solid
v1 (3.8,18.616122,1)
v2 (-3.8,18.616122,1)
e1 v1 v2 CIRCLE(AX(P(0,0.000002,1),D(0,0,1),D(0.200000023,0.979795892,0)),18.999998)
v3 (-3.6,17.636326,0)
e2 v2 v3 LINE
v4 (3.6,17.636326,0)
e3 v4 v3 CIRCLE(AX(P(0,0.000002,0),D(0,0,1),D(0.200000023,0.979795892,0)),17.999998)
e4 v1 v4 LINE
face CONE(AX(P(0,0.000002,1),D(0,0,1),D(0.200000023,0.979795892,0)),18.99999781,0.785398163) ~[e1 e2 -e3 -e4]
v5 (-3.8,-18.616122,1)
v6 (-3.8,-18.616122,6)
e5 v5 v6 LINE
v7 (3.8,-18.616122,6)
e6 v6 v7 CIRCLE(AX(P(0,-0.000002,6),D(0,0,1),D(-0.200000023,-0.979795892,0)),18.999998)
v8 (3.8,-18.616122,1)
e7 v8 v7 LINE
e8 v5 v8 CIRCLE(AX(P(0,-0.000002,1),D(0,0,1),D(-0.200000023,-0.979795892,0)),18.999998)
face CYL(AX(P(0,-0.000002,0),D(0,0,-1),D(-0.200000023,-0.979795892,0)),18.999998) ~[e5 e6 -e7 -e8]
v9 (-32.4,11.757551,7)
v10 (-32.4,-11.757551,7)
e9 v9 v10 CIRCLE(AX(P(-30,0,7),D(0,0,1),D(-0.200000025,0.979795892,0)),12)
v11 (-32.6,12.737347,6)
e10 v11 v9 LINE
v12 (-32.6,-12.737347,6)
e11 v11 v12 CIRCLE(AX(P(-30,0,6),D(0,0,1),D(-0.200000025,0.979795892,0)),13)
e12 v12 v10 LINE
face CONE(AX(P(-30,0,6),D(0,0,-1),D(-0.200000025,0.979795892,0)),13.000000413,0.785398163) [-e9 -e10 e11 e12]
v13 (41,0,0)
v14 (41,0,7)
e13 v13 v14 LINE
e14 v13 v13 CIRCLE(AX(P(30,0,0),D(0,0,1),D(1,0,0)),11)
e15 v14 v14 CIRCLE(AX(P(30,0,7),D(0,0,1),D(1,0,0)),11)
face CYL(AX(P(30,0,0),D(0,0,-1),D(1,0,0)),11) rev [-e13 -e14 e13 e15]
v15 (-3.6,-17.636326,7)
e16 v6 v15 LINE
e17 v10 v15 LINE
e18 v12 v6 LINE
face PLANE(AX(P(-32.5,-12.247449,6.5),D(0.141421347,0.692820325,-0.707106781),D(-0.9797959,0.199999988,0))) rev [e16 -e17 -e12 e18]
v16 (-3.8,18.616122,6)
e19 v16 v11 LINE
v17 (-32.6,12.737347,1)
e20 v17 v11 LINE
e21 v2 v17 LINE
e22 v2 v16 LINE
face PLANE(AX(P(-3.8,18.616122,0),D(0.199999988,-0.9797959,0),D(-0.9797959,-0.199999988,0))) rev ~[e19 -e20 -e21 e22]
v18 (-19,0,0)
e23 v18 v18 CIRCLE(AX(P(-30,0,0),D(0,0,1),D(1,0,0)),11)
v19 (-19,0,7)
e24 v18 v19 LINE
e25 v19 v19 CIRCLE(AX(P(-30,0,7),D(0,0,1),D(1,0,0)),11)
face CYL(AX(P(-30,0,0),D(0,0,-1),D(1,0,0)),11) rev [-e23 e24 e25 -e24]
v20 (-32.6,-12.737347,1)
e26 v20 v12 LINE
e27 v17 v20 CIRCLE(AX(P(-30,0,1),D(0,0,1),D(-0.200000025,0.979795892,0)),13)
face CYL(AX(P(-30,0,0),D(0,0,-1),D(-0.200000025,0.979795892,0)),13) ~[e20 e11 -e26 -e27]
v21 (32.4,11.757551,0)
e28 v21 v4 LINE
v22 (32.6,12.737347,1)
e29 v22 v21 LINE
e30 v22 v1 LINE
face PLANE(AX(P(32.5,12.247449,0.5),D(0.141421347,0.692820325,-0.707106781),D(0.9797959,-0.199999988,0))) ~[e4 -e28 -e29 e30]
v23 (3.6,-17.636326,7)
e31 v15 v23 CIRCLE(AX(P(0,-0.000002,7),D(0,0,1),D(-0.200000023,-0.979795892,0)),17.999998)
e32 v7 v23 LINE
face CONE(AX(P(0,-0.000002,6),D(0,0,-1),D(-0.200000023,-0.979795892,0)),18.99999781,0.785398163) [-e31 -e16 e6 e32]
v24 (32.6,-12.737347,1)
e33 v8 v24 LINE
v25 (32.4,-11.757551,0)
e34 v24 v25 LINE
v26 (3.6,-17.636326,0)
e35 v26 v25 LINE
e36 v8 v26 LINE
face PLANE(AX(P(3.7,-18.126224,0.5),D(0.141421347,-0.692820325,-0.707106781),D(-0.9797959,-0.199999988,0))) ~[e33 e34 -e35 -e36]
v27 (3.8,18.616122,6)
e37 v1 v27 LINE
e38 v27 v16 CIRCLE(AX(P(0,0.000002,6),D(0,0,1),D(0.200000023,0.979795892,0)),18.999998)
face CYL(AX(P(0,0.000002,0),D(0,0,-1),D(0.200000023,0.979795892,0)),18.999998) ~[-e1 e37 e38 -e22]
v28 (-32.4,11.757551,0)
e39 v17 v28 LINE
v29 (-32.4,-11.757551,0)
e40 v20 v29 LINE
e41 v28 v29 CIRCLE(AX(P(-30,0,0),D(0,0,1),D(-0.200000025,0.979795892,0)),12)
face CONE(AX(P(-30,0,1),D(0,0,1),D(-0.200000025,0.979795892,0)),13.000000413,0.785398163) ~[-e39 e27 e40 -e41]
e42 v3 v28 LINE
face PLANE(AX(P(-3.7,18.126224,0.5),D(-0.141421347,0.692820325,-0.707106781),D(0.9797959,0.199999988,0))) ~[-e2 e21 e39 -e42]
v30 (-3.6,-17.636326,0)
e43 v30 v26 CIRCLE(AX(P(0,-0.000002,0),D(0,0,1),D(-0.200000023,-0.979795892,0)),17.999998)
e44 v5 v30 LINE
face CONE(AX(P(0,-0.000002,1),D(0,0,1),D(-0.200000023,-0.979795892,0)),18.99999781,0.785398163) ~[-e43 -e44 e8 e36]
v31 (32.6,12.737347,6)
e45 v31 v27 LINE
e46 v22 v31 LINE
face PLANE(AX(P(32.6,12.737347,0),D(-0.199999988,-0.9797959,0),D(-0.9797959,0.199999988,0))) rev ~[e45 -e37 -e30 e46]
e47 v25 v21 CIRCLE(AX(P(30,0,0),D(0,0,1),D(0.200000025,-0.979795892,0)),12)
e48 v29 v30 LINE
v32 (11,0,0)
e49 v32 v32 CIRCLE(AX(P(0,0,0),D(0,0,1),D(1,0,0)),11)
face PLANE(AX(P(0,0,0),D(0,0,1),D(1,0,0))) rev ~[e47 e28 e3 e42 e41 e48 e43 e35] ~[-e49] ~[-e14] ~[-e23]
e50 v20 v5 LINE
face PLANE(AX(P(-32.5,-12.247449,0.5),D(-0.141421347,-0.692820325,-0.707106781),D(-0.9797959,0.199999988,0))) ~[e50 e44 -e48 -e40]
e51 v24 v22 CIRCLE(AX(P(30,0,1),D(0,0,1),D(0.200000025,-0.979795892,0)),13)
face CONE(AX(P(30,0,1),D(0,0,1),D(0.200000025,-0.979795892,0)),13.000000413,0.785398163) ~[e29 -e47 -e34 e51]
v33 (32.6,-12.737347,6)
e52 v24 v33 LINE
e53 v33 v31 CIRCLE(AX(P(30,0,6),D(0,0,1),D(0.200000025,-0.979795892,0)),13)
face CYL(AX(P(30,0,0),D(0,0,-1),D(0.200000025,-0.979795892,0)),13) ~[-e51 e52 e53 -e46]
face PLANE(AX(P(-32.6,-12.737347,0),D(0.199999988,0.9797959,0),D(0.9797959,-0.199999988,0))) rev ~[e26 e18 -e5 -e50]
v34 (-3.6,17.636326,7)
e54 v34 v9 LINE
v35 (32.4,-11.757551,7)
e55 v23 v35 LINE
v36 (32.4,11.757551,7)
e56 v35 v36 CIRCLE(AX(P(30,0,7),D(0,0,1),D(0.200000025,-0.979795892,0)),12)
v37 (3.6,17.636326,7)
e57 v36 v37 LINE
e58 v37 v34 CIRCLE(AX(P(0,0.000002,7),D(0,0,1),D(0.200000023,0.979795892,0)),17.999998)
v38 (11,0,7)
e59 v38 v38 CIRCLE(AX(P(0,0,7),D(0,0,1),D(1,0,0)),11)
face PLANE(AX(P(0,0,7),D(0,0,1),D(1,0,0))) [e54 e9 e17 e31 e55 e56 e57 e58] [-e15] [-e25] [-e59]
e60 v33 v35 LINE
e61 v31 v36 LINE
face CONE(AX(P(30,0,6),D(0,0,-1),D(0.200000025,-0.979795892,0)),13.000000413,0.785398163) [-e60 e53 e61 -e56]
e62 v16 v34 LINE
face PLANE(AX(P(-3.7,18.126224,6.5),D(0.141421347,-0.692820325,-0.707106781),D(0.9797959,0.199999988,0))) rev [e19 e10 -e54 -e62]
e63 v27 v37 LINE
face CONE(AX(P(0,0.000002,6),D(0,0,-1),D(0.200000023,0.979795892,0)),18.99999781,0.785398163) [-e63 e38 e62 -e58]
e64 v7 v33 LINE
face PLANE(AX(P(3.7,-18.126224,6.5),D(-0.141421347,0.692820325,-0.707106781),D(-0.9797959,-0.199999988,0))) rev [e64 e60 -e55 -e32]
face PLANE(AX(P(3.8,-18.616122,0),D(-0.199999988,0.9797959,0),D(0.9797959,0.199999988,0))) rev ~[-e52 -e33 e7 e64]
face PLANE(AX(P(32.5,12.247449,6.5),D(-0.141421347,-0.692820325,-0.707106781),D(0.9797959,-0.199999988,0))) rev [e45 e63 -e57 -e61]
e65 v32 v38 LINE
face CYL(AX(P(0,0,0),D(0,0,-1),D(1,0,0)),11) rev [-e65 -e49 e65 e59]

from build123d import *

# Parameters (mm, degrees)
F0_R     = 11
F1_DEPTH = 7
F2_SIZE  = 1


with BuildPart() as f1:
    # F0 (on Top) → F1 (new body)
    with BuildSketch(Plane.XY):
        with BuildLine():
            Line((3.8, -18.616122), (32.6, -12.737347))
            ThreePointArc((32.6, -12.737347), (43, 0), (32.6, 12.737347))
            Line((32.6, 12.737347), (3.8, 18.616122))
            ThreePointArc((3.8, 18.616122), (0, 19), (-3.8, 18.616122))
            Line((-3.8, 18.616122), (-32.6, 12.737347))
            ThreePointArc((-32.6, 12.737347), (-43, 0), (-32.6, -12.737347))
            Line((-32.6, -12.737347), (-3.8, -18.616122))
            ThreePointArc((-3.8, -18.616122), (0, -19), (3.8, -18.616122))
        make_face()
        with Locations((-30, 0)):
            Circle(F0_R, mode=Mode.SUBTRACT)
        Circle(F0_R, mode=Mode.SUBTRACT)
        with Locations((30, 0)):
            Circle(F0_R, mode=Mode.SUBTRACT)
    extrude(amount=F1_DEPTH)

    # F2
    f2_edges = [f1.edges().sort_by_distance(p)[0] for p in [
        (43, 0, 7),
        (43, 0, 0),
    ]]
    chamfer(f2_edges, length=F2_SIZE)


solid = f1.part
